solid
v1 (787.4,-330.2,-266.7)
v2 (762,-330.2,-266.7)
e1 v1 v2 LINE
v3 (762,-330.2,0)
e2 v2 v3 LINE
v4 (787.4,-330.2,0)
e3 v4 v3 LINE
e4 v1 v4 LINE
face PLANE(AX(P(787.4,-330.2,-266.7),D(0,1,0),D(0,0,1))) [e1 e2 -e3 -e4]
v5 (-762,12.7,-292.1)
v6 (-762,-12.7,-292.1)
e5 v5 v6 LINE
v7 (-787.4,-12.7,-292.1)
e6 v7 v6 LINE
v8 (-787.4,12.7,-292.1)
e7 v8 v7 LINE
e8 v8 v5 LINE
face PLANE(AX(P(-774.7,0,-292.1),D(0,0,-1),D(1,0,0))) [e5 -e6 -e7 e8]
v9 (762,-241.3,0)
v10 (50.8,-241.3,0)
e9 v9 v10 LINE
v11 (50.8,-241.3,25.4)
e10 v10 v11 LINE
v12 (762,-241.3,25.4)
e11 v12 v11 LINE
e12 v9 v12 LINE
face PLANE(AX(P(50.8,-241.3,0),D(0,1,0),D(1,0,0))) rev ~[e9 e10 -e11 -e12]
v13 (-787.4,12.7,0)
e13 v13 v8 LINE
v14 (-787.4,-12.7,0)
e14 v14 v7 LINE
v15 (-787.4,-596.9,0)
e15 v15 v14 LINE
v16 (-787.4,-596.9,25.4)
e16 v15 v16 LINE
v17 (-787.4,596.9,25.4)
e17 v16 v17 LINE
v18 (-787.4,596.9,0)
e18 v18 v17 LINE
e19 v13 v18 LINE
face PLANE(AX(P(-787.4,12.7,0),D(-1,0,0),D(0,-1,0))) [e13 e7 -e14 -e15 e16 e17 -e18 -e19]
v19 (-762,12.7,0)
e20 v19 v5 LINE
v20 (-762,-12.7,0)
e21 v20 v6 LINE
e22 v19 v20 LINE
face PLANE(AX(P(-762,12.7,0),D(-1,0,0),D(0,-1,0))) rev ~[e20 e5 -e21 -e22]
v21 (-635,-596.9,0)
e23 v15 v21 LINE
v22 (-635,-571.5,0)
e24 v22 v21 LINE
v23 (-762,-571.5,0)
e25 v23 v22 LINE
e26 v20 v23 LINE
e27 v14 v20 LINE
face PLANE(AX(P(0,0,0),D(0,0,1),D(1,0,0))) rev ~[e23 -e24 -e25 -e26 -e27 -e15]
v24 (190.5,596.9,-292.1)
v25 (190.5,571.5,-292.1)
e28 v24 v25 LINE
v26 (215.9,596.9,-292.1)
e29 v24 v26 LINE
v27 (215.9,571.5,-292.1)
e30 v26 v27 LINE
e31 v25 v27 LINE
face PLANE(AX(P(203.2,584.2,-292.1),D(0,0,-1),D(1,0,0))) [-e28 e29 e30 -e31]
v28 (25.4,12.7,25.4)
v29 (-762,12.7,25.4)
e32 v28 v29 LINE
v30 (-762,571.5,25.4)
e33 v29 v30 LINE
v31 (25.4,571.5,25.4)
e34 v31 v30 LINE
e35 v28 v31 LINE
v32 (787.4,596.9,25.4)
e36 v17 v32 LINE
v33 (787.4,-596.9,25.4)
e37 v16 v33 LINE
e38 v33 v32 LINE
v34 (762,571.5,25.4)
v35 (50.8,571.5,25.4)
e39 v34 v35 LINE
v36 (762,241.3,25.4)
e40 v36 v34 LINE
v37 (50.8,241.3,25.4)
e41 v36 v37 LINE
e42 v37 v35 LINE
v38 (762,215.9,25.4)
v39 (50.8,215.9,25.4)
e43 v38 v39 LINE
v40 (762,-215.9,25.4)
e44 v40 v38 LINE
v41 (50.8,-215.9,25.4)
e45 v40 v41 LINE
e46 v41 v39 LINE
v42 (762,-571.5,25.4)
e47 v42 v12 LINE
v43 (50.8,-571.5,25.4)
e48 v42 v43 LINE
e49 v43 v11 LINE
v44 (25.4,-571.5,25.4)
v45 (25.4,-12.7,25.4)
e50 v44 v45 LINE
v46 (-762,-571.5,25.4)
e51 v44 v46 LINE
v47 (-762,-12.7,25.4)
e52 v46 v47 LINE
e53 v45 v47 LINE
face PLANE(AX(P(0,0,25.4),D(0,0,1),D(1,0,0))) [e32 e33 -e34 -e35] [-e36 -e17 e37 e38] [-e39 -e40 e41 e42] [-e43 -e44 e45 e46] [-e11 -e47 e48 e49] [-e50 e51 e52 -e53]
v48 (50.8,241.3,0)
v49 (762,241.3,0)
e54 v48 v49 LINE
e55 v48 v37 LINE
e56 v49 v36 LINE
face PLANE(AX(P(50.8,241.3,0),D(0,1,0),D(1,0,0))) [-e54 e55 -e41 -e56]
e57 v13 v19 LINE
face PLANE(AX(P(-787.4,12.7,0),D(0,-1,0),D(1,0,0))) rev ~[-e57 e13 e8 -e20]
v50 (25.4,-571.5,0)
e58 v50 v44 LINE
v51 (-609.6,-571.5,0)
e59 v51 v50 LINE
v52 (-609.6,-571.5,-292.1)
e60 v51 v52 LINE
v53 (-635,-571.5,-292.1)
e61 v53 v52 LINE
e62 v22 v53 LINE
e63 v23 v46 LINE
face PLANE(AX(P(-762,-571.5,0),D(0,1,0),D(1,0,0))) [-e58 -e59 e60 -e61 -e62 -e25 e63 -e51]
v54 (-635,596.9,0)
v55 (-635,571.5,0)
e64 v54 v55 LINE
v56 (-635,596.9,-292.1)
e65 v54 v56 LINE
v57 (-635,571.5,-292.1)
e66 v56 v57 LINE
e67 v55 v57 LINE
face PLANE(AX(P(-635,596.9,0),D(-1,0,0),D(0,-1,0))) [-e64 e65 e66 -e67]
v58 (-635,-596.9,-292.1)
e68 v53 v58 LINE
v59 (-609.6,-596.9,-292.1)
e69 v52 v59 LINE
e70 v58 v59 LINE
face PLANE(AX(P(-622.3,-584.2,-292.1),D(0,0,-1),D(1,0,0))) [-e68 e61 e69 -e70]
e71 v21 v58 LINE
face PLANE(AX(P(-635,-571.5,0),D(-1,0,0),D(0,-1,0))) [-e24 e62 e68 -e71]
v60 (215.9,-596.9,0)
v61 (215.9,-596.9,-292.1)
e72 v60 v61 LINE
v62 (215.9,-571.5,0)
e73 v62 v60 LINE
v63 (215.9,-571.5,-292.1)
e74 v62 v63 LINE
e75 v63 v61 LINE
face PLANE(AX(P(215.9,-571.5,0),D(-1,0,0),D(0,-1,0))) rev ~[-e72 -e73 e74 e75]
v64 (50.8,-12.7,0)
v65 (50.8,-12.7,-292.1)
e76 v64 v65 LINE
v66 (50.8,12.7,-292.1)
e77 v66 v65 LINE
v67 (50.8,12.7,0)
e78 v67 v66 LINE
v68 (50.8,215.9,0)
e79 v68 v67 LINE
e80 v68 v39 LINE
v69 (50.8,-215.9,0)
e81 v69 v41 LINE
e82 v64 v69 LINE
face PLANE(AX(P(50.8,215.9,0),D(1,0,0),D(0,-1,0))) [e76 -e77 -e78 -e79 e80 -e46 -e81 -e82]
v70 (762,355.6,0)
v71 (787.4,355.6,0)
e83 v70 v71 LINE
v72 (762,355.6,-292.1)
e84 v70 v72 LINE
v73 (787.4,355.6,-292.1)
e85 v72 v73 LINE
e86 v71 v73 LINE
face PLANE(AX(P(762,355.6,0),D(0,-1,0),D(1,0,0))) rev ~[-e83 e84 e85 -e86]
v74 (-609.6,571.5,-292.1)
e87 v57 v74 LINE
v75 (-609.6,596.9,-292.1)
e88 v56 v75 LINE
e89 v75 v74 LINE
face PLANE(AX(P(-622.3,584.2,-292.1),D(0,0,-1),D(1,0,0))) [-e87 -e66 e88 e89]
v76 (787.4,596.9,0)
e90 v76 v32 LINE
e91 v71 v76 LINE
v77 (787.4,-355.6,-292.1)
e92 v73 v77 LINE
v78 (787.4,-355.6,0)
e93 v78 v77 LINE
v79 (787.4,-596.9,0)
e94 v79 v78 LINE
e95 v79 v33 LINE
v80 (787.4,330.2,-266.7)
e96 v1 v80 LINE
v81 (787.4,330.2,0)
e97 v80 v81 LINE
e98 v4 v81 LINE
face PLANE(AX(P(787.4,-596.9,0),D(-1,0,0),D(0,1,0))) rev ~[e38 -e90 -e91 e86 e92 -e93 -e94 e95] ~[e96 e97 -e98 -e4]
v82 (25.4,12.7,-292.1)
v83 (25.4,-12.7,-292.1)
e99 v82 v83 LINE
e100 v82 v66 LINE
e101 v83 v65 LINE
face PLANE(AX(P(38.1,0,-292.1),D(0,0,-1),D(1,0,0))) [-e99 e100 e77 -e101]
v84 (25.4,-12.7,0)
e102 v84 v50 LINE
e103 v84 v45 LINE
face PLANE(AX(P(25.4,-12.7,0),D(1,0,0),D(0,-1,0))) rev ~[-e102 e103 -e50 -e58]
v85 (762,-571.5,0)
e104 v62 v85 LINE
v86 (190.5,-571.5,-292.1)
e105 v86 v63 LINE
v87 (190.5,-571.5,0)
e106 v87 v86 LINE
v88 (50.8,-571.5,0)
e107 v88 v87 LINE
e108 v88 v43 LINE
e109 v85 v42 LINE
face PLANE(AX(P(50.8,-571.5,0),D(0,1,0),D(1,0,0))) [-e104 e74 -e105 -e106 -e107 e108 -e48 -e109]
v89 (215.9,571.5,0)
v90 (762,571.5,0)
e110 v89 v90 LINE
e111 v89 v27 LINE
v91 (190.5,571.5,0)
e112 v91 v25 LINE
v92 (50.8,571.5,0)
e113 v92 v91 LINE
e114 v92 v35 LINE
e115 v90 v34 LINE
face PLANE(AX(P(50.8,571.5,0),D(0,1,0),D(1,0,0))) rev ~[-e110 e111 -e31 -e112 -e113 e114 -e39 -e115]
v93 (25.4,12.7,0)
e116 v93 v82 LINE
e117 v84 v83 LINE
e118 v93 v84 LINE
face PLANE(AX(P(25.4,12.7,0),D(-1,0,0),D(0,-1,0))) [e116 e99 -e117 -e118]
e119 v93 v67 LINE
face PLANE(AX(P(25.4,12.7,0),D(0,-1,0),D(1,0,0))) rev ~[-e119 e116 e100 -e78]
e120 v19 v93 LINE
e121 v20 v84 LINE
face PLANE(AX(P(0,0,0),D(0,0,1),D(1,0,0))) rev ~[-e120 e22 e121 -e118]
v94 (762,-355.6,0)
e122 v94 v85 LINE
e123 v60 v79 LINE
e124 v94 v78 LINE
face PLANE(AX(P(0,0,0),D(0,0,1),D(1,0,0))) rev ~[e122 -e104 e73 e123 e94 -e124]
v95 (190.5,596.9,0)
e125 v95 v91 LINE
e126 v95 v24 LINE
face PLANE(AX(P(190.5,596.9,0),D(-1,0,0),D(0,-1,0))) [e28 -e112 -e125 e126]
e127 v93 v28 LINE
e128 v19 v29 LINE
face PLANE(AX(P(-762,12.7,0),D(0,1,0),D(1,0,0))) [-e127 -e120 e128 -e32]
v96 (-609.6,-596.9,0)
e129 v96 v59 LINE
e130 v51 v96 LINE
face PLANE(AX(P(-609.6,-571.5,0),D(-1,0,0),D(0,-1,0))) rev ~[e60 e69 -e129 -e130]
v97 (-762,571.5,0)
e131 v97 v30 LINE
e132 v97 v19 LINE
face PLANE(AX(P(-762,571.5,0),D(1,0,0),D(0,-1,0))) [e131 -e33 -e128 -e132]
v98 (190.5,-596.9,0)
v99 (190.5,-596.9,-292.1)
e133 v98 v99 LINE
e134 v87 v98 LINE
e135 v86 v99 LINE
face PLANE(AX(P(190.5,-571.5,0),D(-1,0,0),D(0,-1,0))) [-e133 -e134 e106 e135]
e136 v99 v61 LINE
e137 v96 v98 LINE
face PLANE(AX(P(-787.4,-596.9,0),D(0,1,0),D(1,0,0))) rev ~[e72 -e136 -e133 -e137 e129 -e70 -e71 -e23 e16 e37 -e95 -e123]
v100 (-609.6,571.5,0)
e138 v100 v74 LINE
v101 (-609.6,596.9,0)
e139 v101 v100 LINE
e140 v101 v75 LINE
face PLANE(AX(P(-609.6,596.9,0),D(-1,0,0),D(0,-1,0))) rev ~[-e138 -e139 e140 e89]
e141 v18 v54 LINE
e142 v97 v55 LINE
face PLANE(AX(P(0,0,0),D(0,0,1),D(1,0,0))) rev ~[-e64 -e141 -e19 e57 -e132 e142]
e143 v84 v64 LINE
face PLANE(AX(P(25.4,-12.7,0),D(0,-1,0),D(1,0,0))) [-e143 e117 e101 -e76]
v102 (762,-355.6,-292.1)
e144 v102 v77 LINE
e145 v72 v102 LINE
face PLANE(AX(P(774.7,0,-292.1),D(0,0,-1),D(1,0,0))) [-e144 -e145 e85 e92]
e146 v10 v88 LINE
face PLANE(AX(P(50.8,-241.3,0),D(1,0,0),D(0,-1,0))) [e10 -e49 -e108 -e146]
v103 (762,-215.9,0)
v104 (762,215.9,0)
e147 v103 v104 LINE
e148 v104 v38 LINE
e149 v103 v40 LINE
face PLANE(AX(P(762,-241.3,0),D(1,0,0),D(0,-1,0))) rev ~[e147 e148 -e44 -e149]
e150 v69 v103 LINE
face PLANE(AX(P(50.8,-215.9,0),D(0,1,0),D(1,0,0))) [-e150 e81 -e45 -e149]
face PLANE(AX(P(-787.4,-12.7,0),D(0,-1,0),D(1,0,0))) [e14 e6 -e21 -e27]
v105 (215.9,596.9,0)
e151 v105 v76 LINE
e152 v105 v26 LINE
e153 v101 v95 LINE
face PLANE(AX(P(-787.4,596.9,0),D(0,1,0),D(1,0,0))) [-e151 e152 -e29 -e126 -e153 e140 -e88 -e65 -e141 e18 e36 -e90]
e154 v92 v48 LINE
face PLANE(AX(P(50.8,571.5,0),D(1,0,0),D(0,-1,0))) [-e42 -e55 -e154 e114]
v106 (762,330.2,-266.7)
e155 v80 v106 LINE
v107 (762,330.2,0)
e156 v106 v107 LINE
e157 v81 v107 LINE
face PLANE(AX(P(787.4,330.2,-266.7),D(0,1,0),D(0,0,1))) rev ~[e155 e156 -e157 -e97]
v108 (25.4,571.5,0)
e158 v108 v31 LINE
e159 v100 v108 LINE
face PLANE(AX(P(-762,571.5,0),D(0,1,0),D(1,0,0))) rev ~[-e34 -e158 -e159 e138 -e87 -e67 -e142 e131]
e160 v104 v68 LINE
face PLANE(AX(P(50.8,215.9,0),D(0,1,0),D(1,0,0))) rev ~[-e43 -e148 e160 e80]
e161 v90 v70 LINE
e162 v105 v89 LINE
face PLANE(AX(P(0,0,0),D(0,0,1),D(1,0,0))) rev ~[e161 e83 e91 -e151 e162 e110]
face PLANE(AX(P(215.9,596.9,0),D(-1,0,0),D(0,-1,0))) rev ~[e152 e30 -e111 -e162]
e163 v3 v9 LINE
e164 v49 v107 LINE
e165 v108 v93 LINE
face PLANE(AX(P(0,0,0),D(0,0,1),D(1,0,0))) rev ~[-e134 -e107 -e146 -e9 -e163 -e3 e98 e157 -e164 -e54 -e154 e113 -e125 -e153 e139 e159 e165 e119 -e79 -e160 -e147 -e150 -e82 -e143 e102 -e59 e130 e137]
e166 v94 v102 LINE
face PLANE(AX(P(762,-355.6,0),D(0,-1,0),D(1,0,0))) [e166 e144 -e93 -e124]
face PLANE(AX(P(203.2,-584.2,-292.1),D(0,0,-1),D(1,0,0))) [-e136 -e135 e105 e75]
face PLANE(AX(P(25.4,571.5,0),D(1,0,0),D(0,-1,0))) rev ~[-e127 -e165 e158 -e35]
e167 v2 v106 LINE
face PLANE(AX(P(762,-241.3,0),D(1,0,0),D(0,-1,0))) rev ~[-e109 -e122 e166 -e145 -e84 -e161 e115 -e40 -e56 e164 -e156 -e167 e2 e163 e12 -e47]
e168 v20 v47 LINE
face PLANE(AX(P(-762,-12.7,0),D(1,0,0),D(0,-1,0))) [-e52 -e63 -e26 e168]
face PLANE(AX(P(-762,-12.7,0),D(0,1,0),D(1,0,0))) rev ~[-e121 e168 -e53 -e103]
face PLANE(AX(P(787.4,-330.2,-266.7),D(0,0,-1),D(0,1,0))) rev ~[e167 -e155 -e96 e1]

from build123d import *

# Parameters (mm, degrees)
F0_W     = 1574.8
F0_H     = 1193.8
F1_DEPTH = 25.4
F2_W     = 787.4
F2_H     = 558.8
F2_W_2   = 711.2
F2_H_2   = 330.2
F2_H_3   = 431.8
F3_DEPTH = 25.401
F4_W     = 25.4
F4_H     = 25.4
F4_H_2   = 711.2
F5_DEPTH = 292.1
F6_W     = 660.4
F6_H     = 266.7
F7_DEPTH = 50.8


with BuildPart() as f1:
    # F0 (on Top) → F1 (new body)
    with BuildSketch(Plane.XY):
        Rectangle(F0_W, F0_H)
    extrude(amount=F1_DEPTH)

    # F2 (on face) → F3 (cut, through all)
    with BuildSketch(Plane(origin=(0, 0, 0), x_dir=(1, 0, 0), z_dir=(0, 0, -1))):
        with Locations((-368.3, -292.1)):
            Rectangle(F2_W, F2_H)
        with Locations((-368.3, 292.1)):
            Rectangle(F2_W, F2_H)
        with Locations((406.4, -406.4)):
            Rectangle(F2_W_2, F2_H_2)
        with Locations((406.4, 0)):
            Rectangle(F2_W_2, F2_H_3)
        with Locations((406.4, 406.4)):
            Rectangle(F2_W_2, F2_H_2)
    extrude(amount=-F3_DEPTH, mode=Mode.SUBTRACT)

    # F4 (on face) → F5 (join)
    with BuildSketch(Plane(origin=(0, 0, 0), x_dir=(1, 0, 0), z_dir=(0, 0, -1))):
        with Locations((-622.3, 584.2)):
            Rectangle(F4_W, F4_H)
        with Locations((-622.3, -584.2)):
            Rectangle(F4_W, F4_H)
        with Locations((-774.7, 0)):
            Rectangle(F4_W, F4_H)
        with Locations((38.1, 0)):
            Rectangle(F4_W, F4_H)
        with Locations((774.7, 0)):
            Rectangle(F4_W, F4_H_2)
        with Locations((203.2, 584.2)):
            Rectangle(F4_W, F4_H)
        with Locations((203.2, -584.2)):
            Rectangle(F4_W, F4_H)
    extrude(amount=F5_DEPTH)

    # F6 (on face) → F7 (cut)
    with BuildSketch(Plane.YZ.offset(787.4)):
        with Locations((0, -133.35)):
            Rectangle(F6_W, F6_H)
    extrude(amount=-F7_DEPTH, mode=Mode.SUBTRACT)


solid = f1.part
